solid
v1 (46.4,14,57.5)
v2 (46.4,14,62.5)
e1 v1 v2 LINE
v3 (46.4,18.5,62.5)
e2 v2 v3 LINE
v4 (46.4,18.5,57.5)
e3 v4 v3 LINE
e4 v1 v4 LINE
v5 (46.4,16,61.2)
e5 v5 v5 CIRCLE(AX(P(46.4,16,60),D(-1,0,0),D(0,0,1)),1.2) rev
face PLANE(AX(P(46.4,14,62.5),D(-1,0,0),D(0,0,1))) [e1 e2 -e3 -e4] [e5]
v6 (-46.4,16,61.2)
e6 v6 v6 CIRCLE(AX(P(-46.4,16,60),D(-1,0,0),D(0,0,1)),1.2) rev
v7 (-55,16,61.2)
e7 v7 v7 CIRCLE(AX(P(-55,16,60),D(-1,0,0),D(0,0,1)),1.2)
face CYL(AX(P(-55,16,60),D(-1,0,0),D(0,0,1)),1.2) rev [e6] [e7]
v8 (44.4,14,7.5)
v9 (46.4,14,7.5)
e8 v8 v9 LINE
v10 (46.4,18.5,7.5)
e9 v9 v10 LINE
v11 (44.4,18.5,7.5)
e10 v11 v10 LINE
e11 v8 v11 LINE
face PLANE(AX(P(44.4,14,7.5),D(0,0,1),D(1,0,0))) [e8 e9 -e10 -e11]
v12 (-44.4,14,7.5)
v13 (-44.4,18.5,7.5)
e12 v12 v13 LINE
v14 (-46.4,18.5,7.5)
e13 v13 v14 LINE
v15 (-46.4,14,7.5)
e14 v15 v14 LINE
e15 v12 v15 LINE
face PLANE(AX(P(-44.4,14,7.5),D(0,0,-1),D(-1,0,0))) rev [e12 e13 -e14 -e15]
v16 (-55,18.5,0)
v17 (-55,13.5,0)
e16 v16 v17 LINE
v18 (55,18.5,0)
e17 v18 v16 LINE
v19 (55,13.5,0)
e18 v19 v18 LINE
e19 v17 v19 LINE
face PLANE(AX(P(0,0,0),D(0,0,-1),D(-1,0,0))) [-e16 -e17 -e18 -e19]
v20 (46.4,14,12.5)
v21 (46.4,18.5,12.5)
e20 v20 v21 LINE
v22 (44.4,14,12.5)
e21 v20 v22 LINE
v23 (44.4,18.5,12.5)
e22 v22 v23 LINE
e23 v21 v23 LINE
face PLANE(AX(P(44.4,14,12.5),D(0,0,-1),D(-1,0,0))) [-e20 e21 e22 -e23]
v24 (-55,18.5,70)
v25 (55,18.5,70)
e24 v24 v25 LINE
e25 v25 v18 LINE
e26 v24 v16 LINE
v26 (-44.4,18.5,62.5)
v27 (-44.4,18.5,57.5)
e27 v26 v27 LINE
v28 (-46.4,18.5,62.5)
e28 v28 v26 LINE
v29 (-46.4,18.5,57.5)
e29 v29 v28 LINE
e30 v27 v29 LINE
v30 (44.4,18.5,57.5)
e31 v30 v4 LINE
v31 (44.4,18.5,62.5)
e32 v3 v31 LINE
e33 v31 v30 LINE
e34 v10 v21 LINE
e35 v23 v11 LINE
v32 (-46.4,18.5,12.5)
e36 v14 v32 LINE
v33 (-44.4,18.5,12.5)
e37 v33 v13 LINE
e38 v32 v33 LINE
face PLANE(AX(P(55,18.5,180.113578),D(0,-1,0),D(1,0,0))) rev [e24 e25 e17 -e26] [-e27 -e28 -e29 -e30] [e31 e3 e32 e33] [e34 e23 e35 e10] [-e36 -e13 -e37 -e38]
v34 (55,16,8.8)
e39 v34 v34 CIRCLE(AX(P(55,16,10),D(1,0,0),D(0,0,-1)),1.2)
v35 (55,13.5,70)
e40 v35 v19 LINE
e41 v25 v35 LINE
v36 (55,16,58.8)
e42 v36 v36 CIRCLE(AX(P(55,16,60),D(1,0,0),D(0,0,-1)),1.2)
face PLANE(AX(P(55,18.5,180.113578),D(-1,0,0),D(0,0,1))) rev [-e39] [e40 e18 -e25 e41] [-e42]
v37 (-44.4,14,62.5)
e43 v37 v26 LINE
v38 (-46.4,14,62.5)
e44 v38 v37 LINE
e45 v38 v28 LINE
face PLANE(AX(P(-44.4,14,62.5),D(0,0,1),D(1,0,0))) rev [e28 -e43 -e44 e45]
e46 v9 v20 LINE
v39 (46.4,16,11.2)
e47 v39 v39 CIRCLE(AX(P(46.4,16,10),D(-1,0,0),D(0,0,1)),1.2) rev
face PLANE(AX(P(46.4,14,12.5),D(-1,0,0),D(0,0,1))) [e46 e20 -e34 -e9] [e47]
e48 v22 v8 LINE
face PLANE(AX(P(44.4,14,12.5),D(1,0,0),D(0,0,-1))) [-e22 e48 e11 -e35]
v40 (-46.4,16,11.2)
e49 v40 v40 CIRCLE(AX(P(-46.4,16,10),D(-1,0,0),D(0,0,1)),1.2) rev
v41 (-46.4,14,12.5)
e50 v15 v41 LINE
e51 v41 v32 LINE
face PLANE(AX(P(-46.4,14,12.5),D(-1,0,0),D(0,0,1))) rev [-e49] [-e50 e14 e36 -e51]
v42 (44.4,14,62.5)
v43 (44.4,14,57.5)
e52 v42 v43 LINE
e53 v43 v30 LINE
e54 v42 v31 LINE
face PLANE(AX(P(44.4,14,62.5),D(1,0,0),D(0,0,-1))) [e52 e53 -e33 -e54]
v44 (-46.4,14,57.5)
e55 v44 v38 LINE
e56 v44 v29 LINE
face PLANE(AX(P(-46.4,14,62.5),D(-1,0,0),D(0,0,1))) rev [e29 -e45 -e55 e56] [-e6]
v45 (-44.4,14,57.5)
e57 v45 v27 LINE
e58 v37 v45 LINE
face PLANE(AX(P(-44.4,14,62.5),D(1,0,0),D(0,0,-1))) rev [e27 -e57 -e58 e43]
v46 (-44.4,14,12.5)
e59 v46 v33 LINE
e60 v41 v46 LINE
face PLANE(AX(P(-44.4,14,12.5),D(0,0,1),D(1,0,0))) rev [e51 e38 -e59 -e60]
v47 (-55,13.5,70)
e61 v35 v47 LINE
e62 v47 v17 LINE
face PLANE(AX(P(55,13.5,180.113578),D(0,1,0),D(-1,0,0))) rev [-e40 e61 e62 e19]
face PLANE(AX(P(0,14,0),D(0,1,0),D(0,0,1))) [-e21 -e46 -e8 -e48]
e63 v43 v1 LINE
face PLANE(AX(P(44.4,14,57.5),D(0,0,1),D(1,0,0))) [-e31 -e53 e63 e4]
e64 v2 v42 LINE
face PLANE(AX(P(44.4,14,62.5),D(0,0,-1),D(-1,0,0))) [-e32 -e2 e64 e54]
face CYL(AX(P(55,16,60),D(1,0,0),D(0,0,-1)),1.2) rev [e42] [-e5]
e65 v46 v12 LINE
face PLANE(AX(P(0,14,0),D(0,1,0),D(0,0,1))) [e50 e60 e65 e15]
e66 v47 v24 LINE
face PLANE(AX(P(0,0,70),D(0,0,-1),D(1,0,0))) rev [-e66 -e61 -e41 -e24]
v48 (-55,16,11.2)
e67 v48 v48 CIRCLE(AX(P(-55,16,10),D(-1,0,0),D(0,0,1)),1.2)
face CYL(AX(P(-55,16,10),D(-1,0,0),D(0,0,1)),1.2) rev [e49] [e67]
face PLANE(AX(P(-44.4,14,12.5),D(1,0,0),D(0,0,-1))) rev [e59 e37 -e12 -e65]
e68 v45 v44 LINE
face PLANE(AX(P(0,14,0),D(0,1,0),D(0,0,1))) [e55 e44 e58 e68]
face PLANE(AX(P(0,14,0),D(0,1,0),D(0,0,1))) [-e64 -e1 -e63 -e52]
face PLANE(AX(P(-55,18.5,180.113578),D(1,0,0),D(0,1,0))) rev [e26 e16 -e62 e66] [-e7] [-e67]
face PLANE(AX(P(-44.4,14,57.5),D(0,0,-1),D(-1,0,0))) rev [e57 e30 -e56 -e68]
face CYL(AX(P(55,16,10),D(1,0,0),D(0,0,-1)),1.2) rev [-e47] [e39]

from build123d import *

# Parameters (mm, degrees)
SKETCH1_W                     = 110
SKETCH1_H                     = 5
BOSS_EXTRUDE1_DEPTH           = 70
M2_CLEARANCE_HOLE1_AT_2_COUNT = 2
M2_CLEARANCE_HOLE1_AT_2_PITCH = 50
SKETCH4_W                     = 2
SKETCH4_H                     = 5
CUT_EXTRUDE1_DEPTH            = 4.5


with BuildPart() as part:
    # Sketch1 → Boss-Extrude1 (new body)
    with BuildSketch(Plane.XY):
        with Locations((0, 16)):
            Rectangle(SKETCH1_W, SKETCH1_H)
    extrude(amount=BOSS_EXTRUDE1_DEPTH)

    # Sketch3 → M2 Clearance Hole1 (revolve, cut)
    with BuildSketch(Plane(origin=(-55, 16, 10), x_dir=(0, 0, 1), z_dir=(0, 1, 0))):
        Polygon((0, 0), (0, 9.721032743), (1.2, 9), (1.2, 0), align=None)
    m2_clearance_hole1 = revolve(axis=Axis((-61.35, 16, 10), (1, 0, 0)), mode=Mode.SUBTRACT)

    # M2 Clearance Hole1 at 2: M2 Clearance Hole1 ×2
    with Locations(*[(0, 0, i * M2_CLEARANCE_HOLE1_AT_2_PITCH) for i in range(1, M2_CLEARANCE_HOLE1_AT_2_COUNT)]):
        add(m2_clearance_hole1, mode=Mode.SUBTRACT)

    # Sketch4 → Cut-Extrude1 (cut)
    with BuildSketch(Plane(origin=(0, 18.5, 0), x_dir=(1, 0, 0), z_dir=(0, 1, 0))):
        with Locations((-45.4, -60)):
            Rectangle(SKETCH4_W, SKETCH4_H)
        with Locations((-45.4, -10)):
            Rectangle(SKETCH4_W, SKETCH4_H)
    cut_extrude1 = extrude(amount=-CUT_EXTRUDE1_DEPTH, mode=Mode.SUBTRACT)

    # Mirror1: M2 Clearance Hole1, Cut-Extrude1 across plane
    add(m2_clearance_hole1.mirror(Plane(origin=(0, 0, 0), x_dir=(0, 0, 1), z_dir=(1, 0, 0))), mode=Mode.SUBTRACT)
    add(cut_extrude1.mirror(Plane(origin=(0, 0, 0), x_dir=(0, 0, 1), z_dir=(1, 0, 0))), mode=Mode.SUBTRACT)

    # Mirror1 copy 1 sketch → Mirror1 copy 1 (revolve, cut)
    with BuildSketch(Plane(origin=(55, 16, 60), x_dir=(0, 0, 1), z_dir=(0, 1, 0))):
        Polygon((0, 0), (0, -9.721032743), (1.2, -9), (1.2, 0), align=None)
    revolve(axis=Axis((61.35, 16, 60), (1, 0, 0)), mode=Mode.SUBTRACT)


solid = part.part
